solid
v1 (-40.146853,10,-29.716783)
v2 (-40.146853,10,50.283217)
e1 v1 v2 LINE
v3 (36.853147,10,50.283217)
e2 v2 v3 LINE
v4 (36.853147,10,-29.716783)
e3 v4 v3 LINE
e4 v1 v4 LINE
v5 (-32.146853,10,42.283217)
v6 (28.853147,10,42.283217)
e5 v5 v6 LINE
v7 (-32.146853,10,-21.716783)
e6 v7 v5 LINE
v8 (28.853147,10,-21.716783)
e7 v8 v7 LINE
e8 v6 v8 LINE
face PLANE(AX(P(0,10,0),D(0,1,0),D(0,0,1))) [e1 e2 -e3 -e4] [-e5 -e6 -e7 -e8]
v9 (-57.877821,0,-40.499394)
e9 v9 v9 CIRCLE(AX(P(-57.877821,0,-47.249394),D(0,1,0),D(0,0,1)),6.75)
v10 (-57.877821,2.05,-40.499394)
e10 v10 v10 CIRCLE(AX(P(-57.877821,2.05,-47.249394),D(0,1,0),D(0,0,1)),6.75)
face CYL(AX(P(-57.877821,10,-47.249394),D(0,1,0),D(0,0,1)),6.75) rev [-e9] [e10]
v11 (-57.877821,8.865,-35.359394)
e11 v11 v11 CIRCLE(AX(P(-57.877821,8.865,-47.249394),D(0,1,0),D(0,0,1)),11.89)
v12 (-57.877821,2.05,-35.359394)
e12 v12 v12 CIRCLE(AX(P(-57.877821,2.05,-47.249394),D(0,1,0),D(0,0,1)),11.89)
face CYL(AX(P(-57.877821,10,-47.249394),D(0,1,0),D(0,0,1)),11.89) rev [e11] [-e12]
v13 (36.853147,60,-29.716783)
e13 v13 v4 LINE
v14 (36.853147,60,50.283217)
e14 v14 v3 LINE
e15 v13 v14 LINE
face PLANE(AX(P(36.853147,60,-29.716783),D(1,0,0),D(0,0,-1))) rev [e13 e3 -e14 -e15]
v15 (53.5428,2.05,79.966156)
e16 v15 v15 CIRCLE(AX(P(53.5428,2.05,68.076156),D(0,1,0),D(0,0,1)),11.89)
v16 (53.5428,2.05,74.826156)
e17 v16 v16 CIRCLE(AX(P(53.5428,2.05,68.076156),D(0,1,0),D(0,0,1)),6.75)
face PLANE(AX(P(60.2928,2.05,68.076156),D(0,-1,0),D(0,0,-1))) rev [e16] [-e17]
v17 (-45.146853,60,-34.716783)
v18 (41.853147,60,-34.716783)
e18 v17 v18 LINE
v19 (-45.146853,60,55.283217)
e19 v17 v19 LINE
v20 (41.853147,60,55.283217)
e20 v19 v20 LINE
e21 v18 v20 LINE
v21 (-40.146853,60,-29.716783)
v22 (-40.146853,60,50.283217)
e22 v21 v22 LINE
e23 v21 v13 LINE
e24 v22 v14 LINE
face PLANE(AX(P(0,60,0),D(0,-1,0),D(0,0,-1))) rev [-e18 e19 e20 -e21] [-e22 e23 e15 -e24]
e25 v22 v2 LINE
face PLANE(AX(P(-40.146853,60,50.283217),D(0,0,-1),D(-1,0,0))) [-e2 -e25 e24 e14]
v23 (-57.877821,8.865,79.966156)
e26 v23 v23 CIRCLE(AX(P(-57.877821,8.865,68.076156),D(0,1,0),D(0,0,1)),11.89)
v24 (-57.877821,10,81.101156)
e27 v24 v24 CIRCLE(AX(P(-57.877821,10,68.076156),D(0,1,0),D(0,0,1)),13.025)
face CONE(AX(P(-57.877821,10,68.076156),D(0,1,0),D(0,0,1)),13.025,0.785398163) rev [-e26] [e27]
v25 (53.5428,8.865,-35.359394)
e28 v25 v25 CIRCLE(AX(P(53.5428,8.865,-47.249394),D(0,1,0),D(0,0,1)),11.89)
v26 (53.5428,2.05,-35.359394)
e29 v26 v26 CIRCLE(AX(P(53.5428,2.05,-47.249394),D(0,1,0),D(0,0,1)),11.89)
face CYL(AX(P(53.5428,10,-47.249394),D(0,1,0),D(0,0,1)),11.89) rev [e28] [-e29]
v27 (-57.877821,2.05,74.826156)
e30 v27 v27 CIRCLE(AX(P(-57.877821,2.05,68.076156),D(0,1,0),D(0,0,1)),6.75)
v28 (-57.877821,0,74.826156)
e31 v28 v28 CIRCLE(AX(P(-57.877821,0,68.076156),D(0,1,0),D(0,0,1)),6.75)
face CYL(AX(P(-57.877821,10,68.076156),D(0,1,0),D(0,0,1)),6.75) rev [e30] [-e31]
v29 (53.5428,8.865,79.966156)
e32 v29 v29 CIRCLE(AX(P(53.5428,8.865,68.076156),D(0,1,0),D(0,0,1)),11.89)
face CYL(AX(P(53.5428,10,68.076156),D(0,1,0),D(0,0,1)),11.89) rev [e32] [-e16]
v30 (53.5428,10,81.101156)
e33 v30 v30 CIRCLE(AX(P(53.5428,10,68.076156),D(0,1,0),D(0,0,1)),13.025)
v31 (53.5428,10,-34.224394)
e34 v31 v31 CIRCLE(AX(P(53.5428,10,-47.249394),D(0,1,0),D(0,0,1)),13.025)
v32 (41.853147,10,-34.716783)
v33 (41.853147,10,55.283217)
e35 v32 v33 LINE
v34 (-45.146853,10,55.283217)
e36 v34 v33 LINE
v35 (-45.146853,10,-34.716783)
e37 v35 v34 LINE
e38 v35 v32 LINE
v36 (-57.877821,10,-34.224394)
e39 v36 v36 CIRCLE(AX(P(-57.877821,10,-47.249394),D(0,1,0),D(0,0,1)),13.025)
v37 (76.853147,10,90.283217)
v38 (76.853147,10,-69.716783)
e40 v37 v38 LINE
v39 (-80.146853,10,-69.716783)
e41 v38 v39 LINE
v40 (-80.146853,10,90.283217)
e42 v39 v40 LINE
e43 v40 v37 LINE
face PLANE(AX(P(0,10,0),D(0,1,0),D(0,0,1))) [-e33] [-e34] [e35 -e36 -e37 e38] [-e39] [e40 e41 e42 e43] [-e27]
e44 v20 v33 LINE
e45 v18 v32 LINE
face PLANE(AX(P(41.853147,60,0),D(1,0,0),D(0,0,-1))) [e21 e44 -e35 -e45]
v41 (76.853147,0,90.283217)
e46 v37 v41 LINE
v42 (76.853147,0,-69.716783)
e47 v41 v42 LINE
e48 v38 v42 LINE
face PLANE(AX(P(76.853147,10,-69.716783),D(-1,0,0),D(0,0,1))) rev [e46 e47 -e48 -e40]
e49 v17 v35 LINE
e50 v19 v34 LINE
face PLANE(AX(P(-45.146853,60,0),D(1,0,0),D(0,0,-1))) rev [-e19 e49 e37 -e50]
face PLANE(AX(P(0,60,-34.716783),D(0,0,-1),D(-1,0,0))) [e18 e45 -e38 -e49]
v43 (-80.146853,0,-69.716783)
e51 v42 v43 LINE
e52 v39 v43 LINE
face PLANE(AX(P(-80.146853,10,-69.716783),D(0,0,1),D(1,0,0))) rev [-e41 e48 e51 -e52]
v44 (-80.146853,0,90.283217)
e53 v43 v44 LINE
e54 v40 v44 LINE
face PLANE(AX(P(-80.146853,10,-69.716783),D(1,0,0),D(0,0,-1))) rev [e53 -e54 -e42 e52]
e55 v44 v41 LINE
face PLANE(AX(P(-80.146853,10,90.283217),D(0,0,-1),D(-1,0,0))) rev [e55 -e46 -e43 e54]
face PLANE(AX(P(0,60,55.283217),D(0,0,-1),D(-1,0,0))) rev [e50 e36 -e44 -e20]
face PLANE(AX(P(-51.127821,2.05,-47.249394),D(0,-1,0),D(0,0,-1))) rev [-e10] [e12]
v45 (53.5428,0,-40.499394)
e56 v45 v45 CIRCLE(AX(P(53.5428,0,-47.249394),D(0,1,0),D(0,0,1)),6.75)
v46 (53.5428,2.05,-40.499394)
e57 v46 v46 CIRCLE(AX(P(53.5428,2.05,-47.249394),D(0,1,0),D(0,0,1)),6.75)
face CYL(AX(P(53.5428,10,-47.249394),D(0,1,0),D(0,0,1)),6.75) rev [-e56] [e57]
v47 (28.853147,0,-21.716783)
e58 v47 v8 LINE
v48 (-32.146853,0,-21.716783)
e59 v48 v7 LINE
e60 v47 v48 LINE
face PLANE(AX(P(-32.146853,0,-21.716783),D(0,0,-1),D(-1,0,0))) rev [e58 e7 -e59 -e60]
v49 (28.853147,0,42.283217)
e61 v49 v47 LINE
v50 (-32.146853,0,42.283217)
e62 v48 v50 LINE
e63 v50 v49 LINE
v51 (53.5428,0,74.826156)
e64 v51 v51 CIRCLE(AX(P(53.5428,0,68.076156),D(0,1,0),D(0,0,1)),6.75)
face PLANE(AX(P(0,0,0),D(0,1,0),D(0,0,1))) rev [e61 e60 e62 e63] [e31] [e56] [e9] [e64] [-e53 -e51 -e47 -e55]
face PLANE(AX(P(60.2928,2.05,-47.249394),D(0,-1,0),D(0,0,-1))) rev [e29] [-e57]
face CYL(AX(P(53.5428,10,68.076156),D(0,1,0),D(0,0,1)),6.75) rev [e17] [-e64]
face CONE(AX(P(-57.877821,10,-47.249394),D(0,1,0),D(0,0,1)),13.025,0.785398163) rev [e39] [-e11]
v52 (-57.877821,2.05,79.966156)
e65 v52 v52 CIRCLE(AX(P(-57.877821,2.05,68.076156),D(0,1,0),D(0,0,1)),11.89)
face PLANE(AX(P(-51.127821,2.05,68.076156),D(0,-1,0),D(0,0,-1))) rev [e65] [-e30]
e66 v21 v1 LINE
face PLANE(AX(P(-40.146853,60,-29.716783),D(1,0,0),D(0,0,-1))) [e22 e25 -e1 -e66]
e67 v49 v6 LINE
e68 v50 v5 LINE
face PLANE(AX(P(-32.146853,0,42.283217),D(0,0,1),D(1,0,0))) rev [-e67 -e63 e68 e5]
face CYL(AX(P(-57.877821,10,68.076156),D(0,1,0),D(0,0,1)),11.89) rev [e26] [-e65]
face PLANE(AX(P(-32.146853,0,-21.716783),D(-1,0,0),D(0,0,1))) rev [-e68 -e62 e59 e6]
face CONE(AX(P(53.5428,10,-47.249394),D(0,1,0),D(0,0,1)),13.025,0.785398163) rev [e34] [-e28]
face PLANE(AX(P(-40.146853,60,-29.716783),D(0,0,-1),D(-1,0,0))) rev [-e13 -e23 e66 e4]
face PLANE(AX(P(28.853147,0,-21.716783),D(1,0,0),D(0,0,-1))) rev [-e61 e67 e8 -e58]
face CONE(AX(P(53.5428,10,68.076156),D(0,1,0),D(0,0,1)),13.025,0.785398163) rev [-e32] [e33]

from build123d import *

# Parameters (mm, degrees)
SKETCH1_W                                    = 157
SKETCH1_H                                    = 160
BOSS_EXTRUDE1_DEPTH                          = 10
SKETCH2_W                                    = 61
SKETCH2_H                                    = 64
CUT_EXTRUDE1_DEPTH                           = 10
CBORE_SLOT_FOR_M12_HEX_HEAD_BOLT1_AT_2_COUNT = 2
CBORE_SLOT_FOR_M12_HEX_HEAD_BOLT1_AT_2_PITCH = 111.420621054
CBORE_SLOT_FOR_M12_HEX_HEAD_BOLT1_AT_3_COUNT = 2
CBORE_SLOT_FOR_M12_HEX_HEAD_BOLT1_AT_3_PITCH = 160.357529077
CBORE_SLOT_FOR_M12_HEX_HEAD_BOLT1_AT_4_COUNT = 2
CBORE_SLOT_FOR_M12_HEX_HEAD_BOLT1_AT_4_PITCH = 115.325549362
SKETCH7_W                                    = 87
SKETCH7_H                                    = 90
SKETCH7_W_2                                  = 77
SKETCH7_H_2                                  = 80
EXTRUDE_THIN1_DEPTH                          = 50


with BuildPart() as part:
    # Sketch1 → Boss-Extrude1 (new body)
    with BuildSketch(Plane(origin=(0, 0, 0), x_dir=(1, 0, 0), z_dir=(0, 1, 0))):
        with Locations((-1.646853147, -10.283216783)):
            Rectangle(SKETCH1_W, SKETCH1_H)
    extrude(amount=BOSS_EXTRUDE1_DEPTH)

    # Sketch2 → Cut-Extrude1 (cut)
    with BuildSketch(Plane(origin=(0, 10, 0), x_dir=(1, 0, 0), z_dir=(0, 1, 0))):
        with Locations((-1.646853147, -10.283216783)):
            Rectangle(SKETCH2_W, SKETCH2_H)
    extrude(amount=-CUT_EXTRUDE1_DEPTH, mode=Mode.SUBTRACT)

    # Sketch4 → CBORE SLOT for M12 Hex Head Bolt1 (revolve, cut)
    with BuildSketch(Plane(origin=(-57.877820781, 10, -47.249393621), x_dir=(0, 0, 1), z_dir=(1, 0, 0))):
        Polygon((0, 0), (0, 22.055809178), (6.75, 18), (6.75, 7.95), (11.89, 7.95), (11.89, 1.135), (13.025, 0), align=None)
    cbore_slot_for_m12_hex_head_bolt1 = revolve(axis=Axis((-57.877820781, 16.35, -47.249393621), (0, -1, 0)), mode=Mode.SUBTRACT)

    # CBORE SLOT for M12 Hex Head Bolt1 at 2: CBORE SLOT for M12 Hex Head Bolt1 ×2
    with Locations(*[(i * CBORE_SLOT_FOR_M12_HEX_HEAD_BOLT1_AT_2_PITCH, 0, 0) for i in range(1, CBORE_SLOT_FOR_M12_HEX_HEAD_BOLT1_AT_2_COUNT)]):
        add(cbore_slot_for_m12_hex_head_bolt1, mode=Mode.SUBTRACT)

    # CBORE SLOT for M12 Hex Head Bolt1 at 3: CBORE SLOT for M12 Hex Head Bolt1 ×2
    with Locations(*[Vector(0.6948262529067781, 0, 0.7191776402750062) * (i * CBORE_SLOT_FOR_M12_HEX_HEAD_BOLT1_AT_3_PITCH) for i in range(1, CBORE_SLOT_FOR_M12_HEX_HEAD_BOLT1_AT_3_COUNT)]):
        add(cbore_slot_for_m12_hex_head_bolt1, mode=Mode.SUBTRACT)

    # CBORE SLOT for M12 Hex Head Bolt1 at 4: CBORE SLOT for M12 Hex Head Bolt1 ×2
    with Locations(*[(0, 0, i * CBORE_SLOT_FOR_M12_HEX_HEAD_BOLT1_AT_4_PITCH) for i in range(1, CBORE_SLOT_FOR_M12_HEX_HEAD_BOLT1_AT_4_COUNT)]):
        add(cbore_slot_for_m12_hex_head_bolt1, mode=Mode.SUBTRACT)

    # Sketch7 → Extrude-Thin1 (add)
    with BuildSketch(Plane(origin=(0, 10, 0), x_dir=(1, 0, 0), z_dir=(0, 1, 0))):
        with Locations((-1.646853147, -10.283216783)):
            Rectangle(SKETCH7_W, SKETCH7_H)
        with Locations((-1.646853147, -10.283216783)):
            Rectangle(SKETCH7_W_2, SKETCH7_H_2, mode=Mode.SUBTRACT)
    extrude(amount=EXTRUDE_THIN1_DEPTH)


solid = part.part
